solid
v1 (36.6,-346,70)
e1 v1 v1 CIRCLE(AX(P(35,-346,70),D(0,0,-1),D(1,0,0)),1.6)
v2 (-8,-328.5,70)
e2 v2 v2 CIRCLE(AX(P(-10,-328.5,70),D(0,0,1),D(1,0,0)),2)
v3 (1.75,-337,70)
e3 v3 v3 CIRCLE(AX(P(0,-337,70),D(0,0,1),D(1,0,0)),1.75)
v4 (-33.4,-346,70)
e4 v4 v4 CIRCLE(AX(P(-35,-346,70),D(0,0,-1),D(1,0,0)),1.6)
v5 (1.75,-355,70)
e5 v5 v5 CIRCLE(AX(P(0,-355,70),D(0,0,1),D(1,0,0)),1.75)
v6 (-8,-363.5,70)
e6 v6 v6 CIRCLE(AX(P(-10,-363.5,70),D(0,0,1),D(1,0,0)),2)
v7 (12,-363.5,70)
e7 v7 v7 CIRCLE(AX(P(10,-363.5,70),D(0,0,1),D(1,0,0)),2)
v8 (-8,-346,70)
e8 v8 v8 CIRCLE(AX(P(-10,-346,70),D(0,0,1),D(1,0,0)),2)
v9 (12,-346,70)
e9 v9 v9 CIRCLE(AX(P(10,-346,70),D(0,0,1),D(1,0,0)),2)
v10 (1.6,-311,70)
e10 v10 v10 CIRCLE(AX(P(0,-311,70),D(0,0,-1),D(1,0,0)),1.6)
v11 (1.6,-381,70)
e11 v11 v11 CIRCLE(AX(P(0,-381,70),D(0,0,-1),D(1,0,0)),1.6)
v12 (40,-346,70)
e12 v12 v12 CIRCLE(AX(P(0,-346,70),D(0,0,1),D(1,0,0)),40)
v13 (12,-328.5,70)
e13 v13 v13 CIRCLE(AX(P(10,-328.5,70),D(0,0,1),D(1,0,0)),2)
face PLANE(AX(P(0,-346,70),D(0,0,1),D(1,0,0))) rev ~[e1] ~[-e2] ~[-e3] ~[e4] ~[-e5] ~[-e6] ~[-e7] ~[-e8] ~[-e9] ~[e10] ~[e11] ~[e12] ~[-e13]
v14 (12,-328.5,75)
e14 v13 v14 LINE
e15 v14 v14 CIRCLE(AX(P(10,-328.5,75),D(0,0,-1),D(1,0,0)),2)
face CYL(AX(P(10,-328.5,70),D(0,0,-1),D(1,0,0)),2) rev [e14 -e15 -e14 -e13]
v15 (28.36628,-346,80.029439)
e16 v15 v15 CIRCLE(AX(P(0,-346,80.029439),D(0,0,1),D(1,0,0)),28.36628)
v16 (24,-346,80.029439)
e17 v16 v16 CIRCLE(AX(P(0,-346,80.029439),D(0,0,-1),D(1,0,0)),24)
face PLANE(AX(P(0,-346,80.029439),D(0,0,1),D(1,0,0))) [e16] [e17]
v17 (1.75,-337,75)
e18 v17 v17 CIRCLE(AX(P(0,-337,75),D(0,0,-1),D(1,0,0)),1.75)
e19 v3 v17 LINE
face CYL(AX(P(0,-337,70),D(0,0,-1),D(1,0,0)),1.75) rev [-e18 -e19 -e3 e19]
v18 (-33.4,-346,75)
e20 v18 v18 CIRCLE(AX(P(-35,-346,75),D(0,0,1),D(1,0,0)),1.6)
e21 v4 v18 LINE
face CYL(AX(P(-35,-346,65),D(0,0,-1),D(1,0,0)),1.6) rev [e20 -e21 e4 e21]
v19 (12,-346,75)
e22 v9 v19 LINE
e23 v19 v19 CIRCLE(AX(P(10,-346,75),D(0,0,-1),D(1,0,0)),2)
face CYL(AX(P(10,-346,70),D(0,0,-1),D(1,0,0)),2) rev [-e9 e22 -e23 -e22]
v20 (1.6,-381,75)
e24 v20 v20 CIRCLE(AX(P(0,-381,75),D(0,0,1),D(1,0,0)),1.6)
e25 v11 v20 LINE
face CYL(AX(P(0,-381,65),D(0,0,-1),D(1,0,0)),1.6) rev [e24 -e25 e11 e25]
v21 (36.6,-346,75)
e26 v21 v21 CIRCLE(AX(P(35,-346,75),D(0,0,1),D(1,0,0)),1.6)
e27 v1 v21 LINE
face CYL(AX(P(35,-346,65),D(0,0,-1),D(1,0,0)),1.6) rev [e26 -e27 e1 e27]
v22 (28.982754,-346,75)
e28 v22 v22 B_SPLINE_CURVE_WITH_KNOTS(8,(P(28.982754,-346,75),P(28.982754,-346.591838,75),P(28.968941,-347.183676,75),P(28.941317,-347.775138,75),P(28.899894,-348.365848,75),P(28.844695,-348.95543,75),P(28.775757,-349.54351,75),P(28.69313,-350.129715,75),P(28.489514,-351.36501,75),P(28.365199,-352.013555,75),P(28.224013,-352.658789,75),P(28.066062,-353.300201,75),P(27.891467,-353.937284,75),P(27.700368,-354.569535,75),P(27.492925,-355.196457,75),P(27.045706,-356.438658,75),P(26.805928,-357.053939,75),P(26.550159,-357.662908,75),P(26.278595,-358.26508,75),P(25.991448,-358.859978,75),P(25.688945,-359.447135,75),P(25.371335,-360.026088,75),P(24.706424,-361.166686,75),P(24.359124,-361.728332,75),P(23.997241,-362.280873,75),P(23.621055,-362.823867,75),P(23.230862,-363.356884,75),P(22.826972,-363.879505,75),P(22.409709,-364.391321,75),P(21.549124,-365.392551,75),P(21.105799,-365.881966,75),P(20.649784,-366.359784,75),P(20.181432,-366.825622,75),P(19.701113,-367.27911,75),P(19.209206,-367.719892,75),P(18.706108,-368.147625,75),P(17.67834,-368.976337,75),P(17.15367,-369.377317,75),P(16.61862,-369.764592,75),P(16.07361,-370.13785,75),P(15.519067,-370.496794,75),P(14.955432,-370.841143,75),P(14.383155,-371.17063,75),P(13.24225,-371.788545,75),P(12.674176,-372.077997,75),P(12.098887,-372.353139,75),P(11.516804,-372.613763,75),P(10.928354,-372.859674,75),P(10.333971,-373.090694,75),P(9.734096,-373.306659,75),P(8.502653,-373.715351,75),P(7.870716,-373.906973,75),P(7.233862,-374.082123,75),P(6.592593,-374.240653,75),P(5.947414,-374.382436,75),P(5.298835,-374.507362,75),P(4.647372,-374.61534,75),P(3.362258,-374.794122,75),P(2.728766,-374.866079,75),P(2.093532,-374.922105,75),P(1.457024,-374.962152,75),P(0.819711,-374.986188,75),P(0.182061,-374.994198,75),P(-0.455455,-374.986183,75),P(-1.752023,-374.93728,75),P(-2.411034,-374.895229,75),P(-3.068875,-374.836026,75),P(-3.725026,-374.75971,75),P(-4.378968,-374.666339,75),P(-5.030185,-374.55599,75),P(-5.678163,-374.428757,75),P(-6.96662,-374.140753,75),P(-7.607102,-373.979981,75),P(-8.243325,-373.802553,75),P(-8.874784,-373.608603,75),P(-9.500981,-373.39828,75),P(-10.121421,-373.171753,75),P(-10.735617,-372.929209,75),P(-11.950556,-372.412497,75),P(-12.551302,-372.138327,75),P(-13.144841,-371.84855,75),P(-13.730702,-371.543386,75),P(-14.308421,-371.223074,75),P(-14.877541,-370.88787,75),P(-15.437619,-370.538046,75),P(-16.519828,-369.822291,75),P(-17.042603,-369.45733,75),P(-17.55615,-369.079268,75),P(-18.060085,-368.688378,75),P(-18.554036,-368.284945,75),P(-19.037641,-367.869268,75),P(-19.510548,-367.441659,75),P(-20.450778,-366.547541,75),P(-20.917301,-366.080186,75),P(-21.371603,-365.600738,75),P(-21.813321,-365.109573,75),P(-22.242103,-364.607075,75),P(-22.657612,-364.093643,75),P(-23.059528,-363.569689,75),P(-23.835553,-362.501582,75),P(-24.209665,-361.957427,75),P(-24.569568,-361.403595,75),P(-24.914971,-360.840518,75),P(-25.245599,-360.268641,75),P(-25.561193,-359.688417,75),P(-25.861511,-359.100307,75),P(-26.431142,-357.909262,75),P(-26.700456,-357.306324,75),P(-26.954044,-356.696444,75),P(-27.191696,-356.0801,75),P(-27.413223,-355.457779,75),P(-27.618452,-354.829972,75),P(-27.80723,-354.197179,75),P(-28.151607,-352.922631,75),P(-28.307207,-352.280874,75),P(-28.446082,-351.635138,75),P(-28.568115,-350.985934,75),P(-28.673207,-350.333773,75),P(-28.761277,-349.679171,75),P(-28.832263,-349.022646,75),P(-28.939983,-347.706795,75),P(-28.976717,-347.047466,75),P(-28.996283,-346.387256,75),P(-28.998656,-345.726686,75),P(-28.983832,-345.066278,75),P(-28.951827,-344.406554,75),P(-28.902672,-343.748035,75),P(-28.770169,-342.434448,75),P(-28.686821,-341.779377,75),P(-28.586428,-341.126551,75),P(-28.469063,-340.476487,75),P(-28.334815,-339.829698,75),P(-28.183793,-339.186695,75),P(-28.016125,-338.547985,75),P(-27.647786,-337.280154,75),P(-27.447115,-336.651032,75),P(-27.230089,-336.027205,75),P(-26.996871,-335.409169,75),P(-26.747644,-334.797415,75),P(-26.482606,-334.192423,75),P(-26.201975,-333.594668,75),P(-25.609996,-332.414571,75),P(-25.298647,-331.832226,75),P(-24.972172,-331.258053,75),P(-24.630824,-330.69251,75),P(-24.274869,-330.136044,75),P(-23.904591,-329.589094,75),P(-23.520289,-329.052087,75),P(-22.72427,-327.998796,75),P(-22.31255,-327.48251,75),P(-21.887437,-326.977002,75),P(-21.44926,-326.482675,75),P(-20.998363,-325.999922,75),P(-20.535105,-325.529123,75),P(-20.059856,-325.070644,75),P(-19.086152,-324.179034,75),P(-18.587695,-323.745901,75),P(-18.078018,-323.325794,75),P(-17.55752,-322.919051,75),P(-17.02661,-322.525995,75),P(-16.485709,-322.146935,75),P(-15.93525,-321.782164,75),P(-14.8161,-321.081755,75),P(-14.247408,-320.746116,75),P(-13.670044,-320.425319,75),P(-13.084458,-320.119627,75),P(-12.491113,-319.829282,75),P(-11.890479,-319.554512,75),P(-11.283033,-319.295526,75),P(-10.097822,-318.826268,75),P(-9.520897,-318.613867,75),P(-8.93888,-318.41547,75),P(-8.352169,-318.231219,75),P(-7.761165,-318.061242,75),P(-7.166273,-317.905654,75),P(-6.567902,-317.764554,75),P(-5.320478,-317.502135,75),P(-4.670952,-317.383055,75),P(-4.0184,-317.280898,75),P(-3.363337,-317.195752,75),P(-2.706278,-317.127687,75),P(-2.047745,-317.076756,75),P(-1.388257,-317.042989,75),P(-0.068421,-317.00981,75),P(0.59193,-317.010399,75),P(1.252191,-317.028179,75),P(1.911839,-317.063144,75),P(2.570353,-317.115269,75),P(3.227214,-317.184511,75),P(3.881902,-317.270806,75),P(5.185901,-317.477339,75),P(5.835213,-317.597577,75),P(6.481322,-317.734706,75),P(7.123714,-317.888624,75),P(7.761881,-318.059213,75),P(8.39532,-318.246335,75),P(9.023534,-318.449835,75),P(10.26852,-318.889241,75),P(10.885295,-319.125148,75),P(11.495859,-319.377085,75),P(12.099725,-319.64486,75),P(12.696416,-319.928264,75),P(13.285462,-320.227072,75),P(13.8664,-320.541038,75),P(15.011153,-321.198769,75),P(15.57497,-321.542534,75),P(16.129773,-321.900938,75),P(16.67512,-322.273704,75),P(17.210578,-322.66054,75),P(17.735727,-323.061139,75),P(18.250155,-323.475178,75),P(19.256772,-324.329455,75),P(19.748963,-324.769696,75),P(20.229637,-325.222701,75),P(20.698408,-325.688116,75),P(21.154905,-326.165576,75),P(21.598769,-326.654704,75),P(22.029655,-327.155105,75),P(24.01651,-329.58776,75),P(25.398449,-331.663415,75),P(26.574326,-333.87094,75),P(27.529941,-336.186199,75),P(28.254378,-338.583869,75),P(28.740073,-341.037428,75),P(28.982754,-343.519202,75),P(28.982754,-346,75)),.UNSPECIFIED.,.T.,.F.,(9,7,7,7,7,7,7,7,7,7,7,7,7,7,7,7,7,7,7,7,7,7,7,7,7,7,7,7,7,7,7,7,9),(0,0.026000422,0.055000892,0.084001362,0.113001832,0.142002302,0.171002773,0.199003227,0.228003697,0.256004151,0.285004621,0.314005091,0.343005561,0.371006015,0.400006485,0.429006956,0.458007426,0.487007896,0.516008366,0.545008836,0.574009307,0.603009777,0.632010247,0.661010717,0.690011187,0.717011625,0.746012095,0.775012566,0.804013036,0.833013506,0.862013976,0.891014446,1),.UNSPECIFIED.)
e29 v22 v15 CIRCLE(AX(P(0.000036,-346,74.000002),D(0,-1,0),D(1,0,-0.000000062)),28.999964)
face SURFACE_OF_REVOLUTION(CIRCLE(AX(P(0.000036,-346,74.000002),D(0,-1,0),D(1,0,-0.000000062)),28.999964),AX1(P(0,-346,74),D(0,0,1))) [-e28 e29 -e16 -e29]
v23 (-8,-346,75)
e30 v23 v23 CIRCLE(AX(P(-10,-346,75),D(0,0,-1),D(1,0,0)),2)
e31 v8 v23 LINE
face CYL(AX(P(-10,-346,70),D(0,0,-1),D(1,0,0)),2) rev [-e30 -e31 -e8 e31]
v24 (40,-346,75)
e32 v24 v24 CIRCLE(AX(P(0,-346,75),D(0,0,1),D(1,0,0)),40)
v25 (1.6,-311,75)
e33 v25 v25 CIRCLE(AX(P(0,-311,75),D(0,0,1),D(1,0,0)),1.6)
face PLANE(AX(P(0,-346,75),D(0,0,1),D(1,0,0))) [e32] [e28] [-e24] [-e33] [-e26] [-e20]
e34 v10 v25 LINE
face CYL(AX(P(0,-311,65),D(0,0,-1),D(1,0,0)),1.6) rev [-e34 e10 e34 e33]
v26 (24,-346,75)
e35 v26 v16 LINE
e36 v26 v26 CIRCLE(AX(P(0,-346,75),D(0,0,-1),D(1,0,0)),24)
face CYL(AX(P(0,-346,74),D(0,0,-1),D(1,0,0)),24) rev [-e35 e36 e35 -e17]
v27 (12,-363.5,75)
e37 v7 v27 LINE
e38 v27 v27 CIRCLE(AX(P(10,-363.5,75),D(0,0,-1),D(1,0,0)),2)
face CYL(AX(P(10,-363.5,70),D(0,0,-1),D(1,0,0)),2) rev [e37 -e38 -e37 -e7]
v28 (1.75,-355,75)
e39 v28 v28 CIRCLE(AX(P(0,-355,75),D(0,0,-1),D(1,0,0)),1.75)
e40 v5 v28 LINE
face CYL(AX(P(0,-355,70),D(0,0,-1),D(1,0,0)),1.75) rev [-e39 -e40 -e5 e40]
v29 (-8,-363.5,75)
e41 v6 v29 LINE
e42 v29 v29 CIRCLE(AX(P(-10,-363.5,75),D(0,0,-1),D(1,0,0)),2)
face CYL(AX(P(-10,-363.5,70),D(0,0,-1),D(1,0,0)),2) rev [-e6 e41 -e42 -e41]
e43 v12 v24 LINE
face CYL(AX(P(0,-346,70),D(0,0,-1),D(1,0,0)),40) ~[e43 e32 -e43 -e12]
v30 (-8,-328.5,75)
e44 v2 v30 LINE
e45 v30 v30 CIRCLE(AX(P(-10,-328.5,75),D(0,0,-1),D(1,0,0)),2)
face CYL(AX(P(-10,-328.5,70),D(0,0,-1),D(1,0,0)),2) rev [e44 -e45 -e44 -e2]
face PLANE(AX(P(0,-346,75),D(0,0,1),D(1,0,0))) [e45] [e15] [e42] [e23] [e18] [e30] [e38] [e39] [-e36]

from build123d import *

# Parameters (mm, degrees)
CYLINDER047_R     = 1.6
CYLINDER047_DEPTH = 10
CYLINDER048_R     = 1.6
CYLINDER048_DEPTH = 10
CYLINDER049_R     = 1.6
CYLINDER049_DEPTH = 10
CYLINDER046_R     = 1.6
CYLINDER046_DEPTH = 10
CYLINDER043_R     = 2
CYLINDER043_DEPTH = 10
CYLINDER042_R     = 2
CYLINDER042_DEPTH = 10
CYLINDER045_R     = 1.75
CYLINDER045_DEPTH = 10
CYLINDER044_R     = 1.75
CYLINDER044_DEPTH = 10
CYLINDER036_R     = 2
CYLINDER036_DEPTH = 10
CYLINDER037_R     = 2
CYLINDER037_DEPTH = 10
CYLINDER038_R     = 2
CYLINDER038_DEPTH = 10
CYLINDER039_R     = 2
CYLINDER039_DEPTH = 10
CYLINDER041_R     = 24
CYLINDER041_DEPTH = 7
CYLINDER040_R     = 40
CYLINDER040_DEPTH = 5


with BuildPart() as m2heatsetinsets005:
    # Cylinder047 → Cylinder047 (new body)
    with BuildSketch(Plane(origin=(40, 0, 65), x_dir=(1, 0, 0), z_dir=(0, 0, 1))):
        Circle(CYLINDER047_R)
    extrude(amount=CYLINDER047_DEPTH)


with BuildPart() as m2heatsetinsets006:
    # Cylinder048 → Cylinder048 (new body)
    with BuildSketch(Plane(origin=(5, 35, 65), x_dir=(1, 0, 0), z_dir=(0, 0, 1))):
        Circle(CYLINDER048_R)
    extrude(amount=CYLINDER048_DEPTH)


with BuildPart() as m2heatsetinsets007:
    # Cylinder049 → Cylinder049 (new body)
    with BuildSketch(Plane(origin=(5, -35, 65), x_dir=(1, 0, 0), z_dir=(0, 0, 1))):
        Circle(CYLINDER049_R)
    extrude(amount=CYLINDER049_DEPTH)


with BuildPart() as fusion021:
    # Cylinder046 → Cylinder046 (new body)
    with BuildSketch(Plane(origin=(-30, 0, 65), x_dir=(1, 0, 0), z_dir=(0, 0, 1))):
        Circle(CYLINDER046_R)
    extrude(amount=CYLINDER046_DEPTH)

    # Fusion021: union m2HeatSetInsets005, m2HeatSetInsets006, m2HeatSetInsets007
    add(m2heatsetinsets005.part)
    add(m2heatsetinsets006.part)
    add(m2heatsetinsets007.part)


with BuildPart() as wirecut003:
    # Cylinder043 → Cylinder043 (new body)
    with BuildSketch(Plane(origin=(15, 0, 70), x_dir=(1, 0, 0), z_dir=(0, 0, 1))):
        Circle(CYLINDER043_R)
    extrude(amount=CYLINDER043_DEPTH)


with BuildPart() as wirecuts001:
    # Cylinder042 → Cylinder042 (new body)
    with BuildSketch(Plane(origin=(-5, 0, 70), x_dir=(1, 0, 0), z_dir=(0, 0, 1))):
        Circle(CYLINDER042_R)
    extrude(amount=CYLINDER042_DEPTH)

    # Fusion017: union wireCUt003
    add(wirecut003.part)


with BuildPart() as m3cuts003:
    # Cylinder045 → Cylinder045 (new body)
    with BuildSketch(Plane(origin=(5, 9, 70), x_dir=(1, 0, 0), z_dir=(0, 0, 1))):
        Circle(CYLINDER045_R)
    extrude(amount=CYLINDER045_DEPTH)


with BuildPart() as m3cute001:
    # Cylinder044 → Cylinder044 (new body)
    with BuildSketch(Plane(origin=(5, -9, 70), x_dir=(1, 0, 0), z_dir=(0, 0, 1))):
        Circle(CYLINDER044_R)
    extrude(amount=CYLINDER044_DEPTH)

    # Fusion018: union m3Cuts003
    add(m3cuts003.part)


with BuildPart() as cylinder036:
    # Cylinder036 → Cylinder036 (new body)
    with BuildSketch(Plane(origin=(0, -21, 0), x_dir=(1, 0, 0), z_dir=(0, 0, 1))):
        Circle(CYLINDER036_R)
    extrude(amount=CYLINDER036_DEPTH)


with BuildPart() as m3heatsetcuts003:
    # Cylinder037 → Cylinder037 (new body)
    with BuildSketch(Plane(origin=(20, -21, 0), x_dir=(1, 0, 0), z_dir=(0, 0, 1))):
        Circle(CYLINDER037_R)
    extrude(amount=CYLINDER037_DEPTH)

    # Fusion014: union Cylinder036
    add(cylinder036.part)


with BuildPart() as m3heatsetcuts003_1:
    # Fusion014 placement: moved
    add(m3heatsetcuts003.part.moved(Location((-5, 38.5, 70))))


with BuildPart() as cylinder038:
    # Cylinder038 → Cylinder038 (new body)
    with BuildSketch(Plane(origin=(0, -21, 0), x_dir=(1, 0, 0), z_dir=(0, 0, 1))):
        Circle(CYLINDER038_R)
    extrude(amount=CYLINDER038_DEPTH)


with BuildPart() as basecuts001:
    # Cylinder039 → Cylinder039 (new body)
    with BuildSketch(Plane(origin=(20, -21, 0), x_dir=(1, 0, 0), z_dir=(0, 0, 1))):
        Circle(CYLINDER039_R)
    extrude(amount=CYLINDER039_DEPTH)

    # Fusion015: union Cylinder038
    add(cylinder038.part)


with BuildPart() as basecuts001_1:
    # Fusion015 placement: moved
    add(basecuts001.part.moved(Location((-5, 3.5, 70))))

    # Fusion016: union m3HeatSetCuts003
    add(m3heatsetcuts003_1.part)

    # Fusion019: union wireCuts001, m3Cute001
    add(wirecuts001.part)
    add(m3cute001.part)


with BuildPart() as basecut001:
    # Cylinder041 → Cylinder041 (new body)
    with BuildSketch(Plane(origin=(5, 0, 74), x_dir=(1, 0, 0), z_dir=(0, 0, 1))):
        Circle(CYLINDER041_R)
    extrude(amount=CYLINDER041_DEPTH)


with BuildPart() as cut006:
    # Sphere002 → Sphere002 (revolve)
    with BuildSketch(Plane(origin=(5, 0, 74), x_dir=(1, 0, 0), z_dir=(0, -1, 0))):
        with BuildLine():
            ThreePointArc((29, 0), (28.841135, 3.031325), (28.36628, 6.029439))
            Line((28.36628, 6.029439), (0, 6.029439))
            Line((0, 6.029439), (0, 0))
            Line((0, 0), (29, 0))
        make_face()
    revolve(axis=Axis((5, 0, 74), (0, 0, 1)))

    # Cut006: cut baseCut001
    add(basecut001.part, mode=Mode.SUBTRACT)


with BuildPart() as lightmodule001:
    # Cylinder040 → Cylinder040 (new body)
    with BuildSketch(Plane(origin=(5, 0, 70), x_dir=(1, 0, 0), z_dir=(0, 0, 1))):
        Circle(CYLINDER040_R)
    extrude(amount=CYLINDER040_DEPTH)

    # Fusion020: union Cut006
    add(cut006.part)

    # Cut007: cut baseCUts001
    add(basecuts001_1.part, mode=Mode.SUBTRACT)

    # Cut008: cut Fusion021
    add(fusion021.part, mode=Mode.SUBTRACT)


with BuildPart() as lightmodule001_1:
    # Cut008 placement: moved
    add(lightmodule001.part.moved(Location((-5, -346, 0))))


solid = lightmodule001_1.part
